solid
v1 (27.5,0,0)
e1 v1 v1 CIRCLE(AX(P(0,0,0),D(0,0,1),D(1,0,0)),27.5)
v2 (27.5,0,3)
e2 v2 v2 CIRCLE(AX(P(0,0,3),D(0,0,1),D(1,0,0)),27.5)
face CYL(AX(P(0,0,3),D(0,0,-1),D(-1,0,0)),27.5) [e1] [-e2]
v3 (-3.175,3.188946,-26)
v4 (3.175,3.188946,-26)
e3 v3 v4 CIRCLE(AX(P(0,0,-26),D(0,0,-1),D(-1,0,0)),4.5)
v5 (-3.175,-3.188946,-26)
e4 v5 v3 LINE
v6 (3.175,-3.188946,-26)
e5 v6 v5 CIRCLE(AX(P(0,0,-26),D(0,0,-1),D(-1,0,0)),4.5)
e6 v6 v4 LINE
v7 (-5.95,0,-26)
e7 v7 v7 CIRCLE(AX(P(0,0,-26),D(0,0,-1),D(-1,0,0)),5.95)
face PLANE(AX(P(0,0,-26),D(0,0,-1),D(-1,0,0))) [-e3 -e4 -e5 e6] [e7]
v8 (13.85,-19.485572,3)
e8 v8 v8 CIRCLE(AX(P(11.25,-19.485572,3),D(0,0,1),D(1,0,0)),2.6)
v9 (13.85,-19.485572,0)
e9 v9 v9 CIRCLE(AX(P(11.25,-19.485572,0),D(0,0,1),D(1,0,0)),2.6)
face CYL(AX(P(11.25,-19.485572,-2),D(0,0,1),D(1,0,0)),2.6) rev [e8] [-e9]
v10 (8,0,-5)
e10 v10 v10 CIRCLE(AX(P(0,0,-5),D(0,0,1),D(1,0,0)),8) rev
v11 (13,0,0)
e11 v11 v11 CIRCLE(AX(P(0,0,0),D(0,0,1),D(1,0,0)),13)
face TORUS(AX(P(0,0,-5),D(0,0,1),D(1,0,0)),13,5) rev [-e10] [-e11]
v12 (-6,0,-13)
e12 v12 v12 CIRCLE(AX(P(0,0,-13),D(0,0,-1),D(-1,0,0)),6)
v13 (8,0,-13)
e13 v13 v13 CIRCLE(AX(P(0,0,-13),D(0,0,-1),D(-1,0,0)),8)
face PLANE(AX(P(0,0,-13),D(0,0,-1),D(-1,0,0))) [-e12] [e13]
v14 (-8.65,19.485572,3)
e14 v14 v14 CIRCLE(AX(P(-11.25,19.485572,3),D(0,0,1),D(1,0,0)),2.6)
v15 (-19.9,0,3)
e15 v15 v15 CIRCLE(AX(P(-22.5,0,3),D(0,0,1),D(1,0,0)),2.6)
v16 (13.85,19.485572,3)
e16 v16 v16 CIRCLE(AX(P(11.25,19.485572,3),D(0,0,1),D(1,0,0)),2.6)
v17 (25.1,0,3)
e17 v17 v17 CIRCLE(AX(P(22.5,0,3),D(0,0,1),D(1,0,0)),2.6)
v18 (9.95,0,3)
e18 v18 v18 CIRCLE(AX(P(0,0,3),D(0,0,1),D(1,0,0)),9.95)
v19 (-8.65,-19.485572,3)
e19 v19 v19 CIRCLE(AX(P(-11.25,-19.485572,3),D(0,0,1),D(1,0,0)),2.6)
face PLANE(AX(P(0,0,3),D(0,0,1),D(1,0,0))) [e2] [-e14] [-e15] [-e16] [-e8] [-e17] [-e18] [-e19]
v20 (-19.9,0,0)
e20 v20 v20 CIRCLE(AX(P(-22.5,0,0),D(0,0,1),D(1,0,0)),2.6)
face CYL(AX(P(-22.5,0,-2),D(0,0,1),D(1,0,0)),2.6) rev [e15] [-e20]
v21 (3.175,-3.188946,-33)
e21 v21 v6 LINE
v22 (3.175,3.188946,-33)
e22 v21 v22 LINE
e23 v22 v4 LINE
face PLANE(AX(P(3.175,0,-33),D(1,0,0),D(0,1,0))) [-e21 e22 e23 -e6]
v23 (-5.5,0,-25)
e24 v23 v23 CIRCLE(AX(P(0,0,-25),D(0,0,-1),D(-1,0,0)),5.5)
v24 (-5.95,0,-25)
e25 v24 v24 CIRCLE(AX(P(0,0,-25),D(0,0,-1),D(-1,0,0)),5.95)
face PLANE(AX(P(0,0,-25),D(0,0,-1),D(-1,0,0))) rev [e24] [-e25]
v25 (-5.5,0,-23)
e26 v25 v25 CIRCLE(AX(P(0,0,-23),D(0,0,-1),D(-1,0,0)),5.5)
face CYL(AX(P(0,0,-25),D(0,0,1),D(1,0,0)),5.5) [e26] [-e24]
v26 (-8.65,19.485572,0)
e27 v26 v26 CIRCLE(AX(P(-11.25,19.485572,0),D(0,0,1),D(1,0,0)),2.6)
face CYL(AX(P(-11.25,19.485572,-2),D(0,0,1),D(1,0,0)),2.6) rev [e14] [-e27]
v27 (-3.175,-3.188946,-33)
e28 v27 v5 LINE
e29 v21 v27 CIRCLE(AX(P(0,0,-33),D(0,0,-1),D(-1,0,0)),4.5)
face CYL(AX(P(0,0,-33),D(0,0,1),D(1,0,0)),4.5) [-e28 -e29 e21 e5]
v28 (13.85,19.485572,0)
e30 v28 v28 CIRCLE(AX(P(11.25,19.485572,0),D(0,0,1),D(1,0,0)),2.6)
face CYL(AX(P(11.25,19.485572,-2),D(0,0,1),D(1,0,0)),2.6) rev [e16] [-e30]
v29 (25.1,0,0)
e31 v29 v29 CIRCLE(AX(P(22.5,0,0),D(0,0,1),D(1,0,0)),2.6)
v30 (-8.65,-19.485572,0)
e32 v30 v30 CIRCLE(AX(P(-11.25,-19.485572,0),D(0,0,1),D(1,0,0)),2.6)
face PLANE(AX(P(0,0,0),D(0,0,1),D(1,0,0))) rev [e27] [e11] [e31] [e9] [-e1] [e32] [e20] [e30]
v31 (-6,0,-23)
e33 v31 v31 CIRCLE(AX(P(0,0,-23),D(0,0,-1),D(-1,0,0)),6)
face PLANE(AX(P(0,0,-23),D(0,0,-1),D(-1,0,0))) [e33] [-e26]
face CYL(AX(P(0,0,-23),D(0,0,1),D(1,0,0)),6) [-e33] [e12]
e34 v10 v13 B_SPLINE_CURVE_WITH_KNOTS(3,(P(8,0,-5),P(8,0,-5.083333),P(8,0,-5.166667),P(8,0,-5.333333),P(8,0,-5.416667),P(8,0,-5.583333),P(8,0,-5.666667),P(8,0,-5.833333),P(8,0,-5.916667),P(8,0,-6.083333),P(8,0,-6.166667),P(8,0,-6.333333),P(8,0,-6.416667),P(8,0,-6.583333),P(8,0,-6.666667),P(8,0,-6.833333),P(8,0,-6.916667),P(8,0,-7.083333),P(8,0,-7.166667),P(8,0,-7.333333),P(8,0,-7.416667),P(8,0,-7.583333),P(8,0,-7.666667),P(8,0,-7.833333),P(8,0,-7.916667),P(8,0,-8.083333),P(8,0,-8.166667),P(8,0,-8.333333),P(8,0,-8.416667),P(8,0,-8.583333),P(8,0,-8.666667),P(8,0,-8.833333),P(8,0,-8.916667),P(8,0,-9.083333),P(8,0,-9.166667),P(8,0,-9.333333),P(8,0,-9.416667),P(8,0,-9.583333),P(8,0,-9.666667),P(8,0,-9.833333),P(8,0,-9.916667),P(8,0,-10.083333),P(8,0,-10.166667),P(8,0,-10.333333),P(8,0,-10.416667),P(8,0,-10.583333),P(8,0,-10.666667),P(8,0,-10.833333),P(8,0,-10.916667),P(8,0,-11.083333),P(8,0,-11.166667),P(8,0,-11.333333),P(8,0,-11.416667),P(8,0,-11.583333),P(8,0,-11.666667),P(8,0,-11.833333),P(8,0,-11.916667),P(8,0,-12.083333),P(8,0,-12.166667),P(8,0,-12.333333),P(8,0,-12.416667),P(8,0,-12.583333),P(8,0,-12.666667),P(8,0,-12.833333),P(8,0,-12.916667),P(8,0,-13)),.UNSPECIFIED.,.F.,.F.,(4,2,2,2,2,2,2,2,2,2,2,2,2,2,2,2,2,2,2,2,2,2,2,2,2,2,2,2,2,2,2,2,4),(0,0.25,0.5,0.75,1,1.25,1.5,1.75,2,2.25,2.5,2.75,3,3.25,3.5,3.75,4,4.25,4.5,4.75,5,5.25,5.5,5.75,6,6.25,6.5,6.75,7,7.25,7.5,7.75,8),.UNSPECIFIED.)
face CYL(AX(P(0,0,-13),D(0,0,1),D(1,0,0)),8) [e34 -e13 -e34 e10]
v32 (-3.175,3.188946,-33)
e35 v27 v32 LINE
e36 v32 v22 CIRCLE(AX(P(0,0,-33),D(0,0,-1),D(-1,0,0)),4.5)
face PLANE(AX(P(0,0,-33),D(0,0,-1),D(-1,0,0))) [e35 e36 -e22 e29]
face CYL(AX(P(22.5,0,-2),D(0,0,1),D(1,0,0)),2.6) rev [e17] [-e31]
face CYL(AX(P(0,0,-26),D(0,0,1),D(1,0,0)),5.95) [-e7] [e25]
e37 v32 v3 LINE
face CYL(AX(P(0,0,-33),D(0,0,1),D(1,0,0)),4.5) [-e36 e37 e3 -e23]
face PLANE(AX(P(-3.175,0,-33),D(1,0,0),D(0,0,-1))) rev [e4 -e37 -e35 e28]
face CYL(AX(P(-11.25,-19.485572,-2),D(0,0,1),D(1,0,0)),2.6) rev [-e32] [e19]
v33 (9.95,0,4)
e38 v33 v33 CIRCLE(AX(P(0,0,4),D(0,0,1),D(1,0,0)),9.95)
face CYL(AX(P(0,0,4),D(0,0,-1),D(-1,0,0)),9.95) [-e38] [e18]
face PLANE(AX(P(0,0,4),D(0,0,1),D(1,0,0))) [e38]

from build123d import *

# Parameters (mm, degrees)
SKETCH_1_R          = 27.5
EXTRUDE_1_DEPTH     = 3
SKETCH_2_R          = 2.6
CUT_EXTRUDE_1_DEPTH = 5
SKETCH_3_R          = 9.95
EXTRUDE_2_DEPTH     = 1
SKETCH_4_R          = 8
EXTRUDE_3_DEPTH     = 13
SKETCH_5_R          = 6
EXTRUDE_4_DEPTH     = 10
SKETCH_6_R          = 5.5
EXTRUDE_5_DEPTH     = 2
SKETCH_7_R          = 5.95
EXTRUDE_6_DEPTH     = 1
FILLET_1_R          = 5
SKETCH_8_W          = 6.35
SKETCH_8_H          = 6.377891502
EXTRUDE_7_DEPTH     = 7


with BuildPart() as part:
    # 草图1 → 凸台-拉伸1 (new body)
    with BuildSketch(Plane.XY):
        Circle(SKETCH_1_R)
    extrude(amount=EXTRUDE_1_DEPTH)

    # 草图2 → 切除-拉伸1 (cut)
    with BuildSketch(Plane.XY.offset(3)):
        with Locations((22.5, 0)):
            Circle(SKETCH_2_R)
        with Locations((11.25, -19.485571585)):
            Circle(SKETCH_2_R)
        with Locations((-11.25, -19.485571585)):
            Circle(SKETCH_2_R)
        with Locations((-22.5, 0)):
            Circle(SKETCH_2_R)
        with Locations((-11.25, 19.485571585)):
            Circle(SKETCH_2_R)
        with Locations((11.25, 19.485571585)):
            Circle(SKETCH_2_R)
    extrude(amount=-CUT_EXTRUDE_1_DEPTH, mode=Mode.SUBTRACT)

    # 草图3 → 凸台-拉伸2 (add)
    with BuildSketch(Plane.XY.offset(3)):
        Circle(SKETCH_3_R)
    extrude(amount=EXTRUDE_2_DEPTH)

    # 草图4 → 凸台-拉伸3 (add)
    with BuildSketch(Plane(origin=(0, 0, 0), x_dir=(-1, 0, 0), z_dir=(0, 0, -1))):
        with Locations(Location((0, 0, 0), (0, 0, 180))):
            Circle(SKETCH_4_R)
    extrude(amount=EXTRUDE_3_DEPTH)

    # 草图5 → 凸台-拉伸4 (add)
    with BuildSketch(Plane(origin=(0, 0, -13), x_dir=(-1, 0, 0), z_dir=(0, 0, -1))):
        Circle(SKETCH_5_R)
    extrude(amount=EXTRUDE_4_DEPTH)

    # 草图6 → 凸台-拉伸5 (add)
    with BuildSketch(Plane(origin=(0, 0, -23), x_dir=(-1, 0, 0), z_dir=(0, 0, -1))):
        Circle(SKETCH_6_R)
    extrude(amount=EXTRUDE_5_DEPTH)

    # 草图7 → 凸台-拉伸6 (add)
    with BuildSketch(Plane(origin=(0, 0, -25), x_dir=(-1, 0, 0), z_dir=(0, 0, -1))):
        Circle(SKETCH_7_R)
    extrude(amount=EXTRUDE_6_DEPTH)

    # 圆角1
    fillet_1_edges = [part.edges().sort_by_distance(p)[0] for p in [
        (-8, 0, 0),
    ]]
    fillet(fillet_1_edges, radius=FILLET_1_R)

    # 草图8 → 凸台-拉伸7 (add)
    with BuildSketch(Plane(origin=(0, 0, -26), x_dir=(-1, 0, 0), z_dir=(0, 0, -1))):
        Rectangle(SKETCH_8_W, SKETCH_8_H)
        with BuildLine():
            Line((3.175, -3.188945751), (-3.175, -3.188945751))
            ThreePointArc((-3.175, -3.188945751), (0, -4.5), (3.175, -3.188945751))
        make_face()
        with BuildLine():
            ThreePointArc((3.175, 3.188945751), (0, 4.5), (-3.175, 3.188945751))
            Line((-3.175, 3.188945751), (3.175, 3.188945751))
        make_face()
    extrude(amount=EXTRUDE_7_DEPTH)


solid = part.part
